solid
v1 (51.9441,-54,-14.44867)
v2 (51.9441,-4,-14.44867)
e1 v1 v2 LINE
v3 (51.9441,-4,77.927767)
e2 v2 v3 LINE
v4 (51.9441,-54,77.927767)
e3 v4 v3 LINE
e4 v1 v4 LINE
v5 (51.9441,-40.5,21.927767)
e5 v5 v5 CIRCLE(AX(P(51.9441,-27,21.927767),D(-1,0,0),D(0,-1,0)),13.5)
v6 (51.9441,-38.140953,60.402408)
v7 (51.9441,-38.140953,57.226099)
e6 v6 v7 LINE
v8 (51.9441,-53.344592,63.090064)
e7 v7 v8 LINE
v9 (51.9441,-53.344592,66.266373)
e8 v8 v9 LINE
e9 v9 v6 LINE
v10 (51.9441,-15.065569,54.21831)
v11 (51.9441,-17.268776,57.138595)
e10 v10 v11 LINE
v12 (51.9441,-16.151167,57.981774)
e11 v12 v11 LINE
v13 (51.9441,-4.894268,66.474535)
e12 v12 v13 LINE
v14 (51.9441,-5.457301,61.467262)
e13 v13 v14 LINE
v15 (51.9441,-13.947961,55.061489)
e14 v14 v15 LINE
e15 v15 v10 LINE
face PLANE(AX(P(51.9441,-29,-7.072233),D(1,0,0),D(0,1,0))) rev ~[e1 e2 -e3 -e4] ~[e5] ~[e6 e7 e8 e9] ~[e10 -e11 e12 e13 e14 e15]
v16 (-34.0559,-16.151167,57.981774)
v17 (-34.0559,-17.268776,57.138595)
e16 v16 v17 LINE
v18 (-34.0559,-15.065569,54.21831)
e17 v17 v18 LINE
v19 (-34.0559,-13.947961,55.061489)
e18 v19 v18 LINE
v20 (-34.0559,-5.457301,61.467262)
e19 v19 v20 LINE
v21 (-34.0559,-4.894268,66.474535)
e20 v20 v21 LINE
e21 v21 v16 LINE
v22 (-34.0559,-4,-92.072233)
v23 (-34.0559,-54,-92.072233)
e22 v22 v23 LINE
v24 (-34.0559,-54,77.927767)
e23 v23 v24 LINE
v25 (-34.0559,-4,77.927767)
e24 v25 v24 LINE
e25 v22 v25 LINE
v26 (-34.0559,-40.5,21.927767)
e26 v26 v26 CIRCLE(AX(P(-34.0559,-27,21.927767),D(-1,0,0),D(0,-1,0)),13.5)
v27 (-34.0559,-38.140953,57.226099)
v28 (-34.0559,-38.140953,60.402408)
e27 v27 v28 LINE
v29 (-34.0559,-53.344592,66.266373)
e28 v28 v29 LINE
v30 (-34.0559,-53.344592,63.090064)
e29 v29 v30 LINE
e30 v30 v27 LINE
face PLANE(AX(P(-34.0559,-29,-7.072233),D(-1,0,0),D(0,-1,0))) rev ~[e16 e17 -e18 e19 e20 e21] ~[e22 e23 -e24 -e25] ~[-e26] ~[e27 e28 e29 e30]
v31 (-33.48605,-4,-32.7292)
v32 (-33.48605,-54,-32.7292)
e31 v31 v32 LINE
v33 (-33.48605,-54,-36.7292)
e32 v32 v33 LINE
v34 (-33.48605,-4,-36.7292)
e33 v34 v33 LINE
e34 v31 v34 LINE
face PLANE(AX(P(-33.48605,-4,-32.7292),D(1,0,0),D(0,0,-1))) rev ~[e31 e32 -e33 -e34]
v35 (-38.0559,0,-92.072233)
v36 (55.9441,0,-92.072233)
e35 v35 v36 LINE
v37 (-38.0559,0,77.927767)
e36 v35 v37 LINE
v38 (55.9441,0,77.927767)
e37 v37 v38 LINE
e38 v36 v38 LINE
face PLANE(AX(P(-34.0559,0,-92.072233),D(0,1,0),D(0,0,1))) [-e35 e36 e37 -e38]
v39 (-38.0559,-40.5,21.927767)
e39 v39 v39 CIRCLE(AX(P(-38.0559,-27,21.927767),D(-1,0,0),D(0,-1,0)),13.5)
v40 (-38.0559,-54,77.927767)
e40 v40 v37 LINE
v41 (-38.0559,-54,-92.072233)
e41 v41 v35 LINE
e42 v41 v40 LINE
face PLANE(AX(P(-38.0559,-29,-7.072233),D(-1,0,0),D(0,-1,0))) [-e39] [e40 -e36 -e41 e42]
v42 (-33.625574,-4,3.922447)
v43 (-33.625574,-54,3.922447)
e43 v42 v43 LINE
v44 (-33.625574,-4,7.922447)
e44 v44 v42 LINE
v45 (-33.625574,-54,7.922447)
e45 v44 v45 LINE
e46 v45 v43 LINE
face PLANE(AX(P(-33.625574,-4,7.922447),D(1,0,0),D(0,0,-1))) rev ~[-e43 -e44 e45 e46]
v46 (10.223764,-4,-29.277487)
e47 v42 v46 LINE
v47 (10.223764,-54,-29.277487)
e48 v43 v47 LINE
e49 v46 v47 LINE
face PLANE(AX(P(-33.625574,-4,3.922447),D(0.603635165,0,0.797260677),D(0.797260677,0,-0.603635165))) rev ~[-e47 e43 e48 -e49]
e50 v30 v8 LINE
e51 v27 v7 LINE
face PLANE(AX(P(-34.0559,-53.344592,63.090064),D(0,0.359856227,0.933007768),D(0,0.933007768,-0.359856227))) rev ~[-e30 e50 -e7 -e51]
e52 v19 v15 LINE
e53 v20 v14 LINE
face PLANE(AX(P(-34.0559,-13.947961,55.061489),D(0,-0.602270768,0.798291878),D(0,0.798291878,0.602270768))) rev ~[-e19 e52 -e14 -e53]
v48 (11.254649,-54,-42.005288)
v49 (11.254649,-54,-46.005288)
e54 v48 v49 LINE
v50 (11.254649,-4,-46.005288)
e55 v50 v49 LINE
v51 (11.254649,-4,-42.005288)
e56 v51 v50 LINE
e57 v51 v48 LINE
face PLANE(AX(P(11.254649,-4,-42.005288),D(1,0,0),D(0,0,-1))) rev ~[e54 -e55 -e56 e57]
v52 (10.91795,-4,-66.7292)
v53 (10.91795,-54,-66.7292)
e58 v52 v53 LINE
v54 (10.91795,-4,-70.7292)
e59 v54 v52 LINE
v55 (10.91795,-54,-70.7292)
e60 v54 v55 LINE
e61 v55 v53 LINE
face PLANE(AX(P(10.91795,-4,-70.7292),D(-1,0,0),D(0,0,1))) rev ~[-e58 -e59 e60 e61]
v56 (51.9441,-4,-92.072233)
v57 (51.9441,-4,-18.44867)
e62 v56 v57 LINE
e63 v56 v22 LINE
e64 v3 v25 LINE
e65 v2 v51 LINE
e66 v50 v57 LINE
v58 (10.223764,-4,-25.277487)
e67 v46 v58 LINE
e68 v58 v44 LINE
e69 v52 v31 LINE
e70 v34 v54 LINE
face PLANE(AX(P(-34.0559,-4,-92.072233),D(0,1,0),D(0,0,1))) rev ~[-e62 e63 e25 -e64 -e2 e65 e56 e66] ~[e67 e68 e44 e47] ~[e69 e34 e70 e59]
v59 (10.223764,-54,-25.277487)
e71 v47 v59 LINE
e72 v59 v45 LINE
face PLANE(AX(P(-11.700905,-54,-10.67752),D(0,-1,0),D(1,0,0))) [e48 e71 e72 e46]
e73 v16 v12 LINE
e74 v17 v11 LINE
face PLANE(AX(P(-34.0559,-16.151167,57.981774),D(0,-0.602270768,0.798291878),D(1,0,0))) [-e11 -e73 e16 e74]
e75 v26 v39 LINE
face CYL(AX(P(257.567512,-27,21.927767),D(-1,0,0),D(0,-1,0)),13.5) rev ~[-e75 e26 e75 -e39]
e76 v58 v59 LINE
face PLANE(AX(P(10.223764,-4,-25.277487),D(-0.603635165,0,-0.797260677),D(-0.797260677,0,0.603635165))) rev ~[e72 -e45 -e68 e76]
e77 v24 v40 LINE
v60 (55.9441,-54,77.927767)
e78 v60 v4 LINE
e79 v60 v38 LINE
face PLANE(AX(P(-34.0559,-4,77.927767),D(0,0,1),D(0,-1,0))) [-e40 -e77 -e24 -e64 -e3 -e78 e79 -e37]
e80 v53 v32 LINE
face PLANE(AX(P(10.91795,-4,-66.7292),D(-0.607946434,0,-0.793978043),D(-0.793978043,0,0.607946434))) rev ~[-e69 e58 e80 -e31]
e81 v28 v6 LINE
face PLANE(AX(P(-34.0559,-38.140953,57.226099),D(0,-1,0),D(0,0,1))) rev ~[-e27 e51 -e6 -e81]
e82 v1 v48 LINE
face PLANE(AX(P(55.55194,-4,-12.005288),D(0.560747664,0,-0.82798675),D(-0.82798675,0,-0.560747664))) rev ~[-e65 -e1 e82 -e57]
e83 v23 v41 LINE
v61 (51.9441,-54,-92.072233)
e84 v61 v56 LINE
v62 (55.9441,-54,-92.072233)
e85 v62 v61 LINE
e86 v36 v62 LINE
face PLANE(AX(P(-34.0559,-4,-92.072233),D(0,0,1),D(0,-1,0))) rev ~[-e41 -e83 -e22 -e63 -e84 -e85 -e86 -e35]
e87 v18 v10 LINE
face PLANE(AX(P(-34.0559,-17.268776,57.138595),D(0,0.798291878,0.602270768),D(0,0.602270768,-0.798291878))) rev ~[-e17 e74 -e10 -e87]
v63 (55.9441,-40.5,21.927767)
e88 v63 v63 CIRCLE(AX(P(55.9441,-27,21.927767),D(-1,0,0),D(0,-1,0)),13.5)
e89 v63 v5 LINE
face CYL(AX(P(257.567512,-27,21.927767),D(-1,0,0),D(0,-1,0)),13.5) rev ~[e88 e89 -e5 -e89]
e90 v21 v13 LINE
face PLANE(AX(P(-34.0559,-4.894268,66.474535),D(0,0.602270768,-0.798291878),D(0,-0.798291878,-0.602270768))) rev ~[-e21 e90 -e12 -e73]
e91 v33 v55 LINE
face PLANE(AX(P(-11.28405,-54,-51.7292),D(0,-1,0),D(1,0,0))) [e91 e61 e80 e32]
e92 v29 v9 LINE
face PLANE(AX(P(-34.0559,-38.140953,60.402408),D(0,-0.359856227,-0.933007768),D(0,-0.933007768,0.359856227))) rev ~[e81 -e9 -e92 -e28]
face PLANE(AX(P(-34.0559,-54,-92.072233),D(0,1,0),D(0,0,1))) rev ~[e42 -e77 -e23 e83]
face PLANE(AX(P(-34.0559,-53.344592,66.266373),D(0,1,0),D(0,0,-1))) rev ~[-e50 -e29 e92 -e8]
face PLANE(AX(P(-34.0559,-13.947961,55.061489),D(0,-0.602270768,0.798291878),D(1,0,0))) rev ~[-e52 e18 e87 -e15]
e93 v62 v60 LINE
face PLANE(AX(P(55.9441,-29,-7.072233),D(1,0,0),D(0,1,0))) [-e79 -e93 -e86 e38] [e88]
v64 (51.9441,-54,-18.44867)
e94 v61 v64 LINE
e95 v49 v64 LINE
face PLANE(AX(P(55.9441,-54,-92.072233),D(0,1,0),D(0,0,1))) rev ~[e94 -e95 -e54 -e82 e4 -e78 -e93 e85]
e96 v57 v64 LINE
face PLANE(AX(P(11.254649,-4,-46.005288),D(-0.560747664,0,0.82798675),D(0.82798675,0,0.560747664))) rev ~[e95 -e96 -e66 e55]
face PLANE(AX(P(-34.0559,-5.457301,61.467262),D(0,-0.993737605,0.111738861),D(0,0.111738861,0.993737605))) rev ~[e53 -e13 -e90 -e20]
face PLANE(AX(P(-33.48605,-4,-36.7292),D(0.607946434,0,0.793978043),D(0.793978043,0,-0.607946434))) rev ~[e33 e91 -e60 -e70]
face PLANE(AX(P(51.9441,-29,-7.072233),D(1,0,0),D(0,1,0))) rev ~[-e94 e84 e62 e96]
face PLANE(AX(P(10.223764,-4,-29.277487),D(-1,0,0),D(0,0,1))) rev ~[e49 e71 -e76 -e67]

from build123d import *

# Parameters (mm, degrees)
F0_W      = 90
F0_H      = 170
F1_DEPTH  = 4
F2_W      = 50
F2_H      = 170
F3_DEPTH  = 4
F4_W      = 50
F4_H      = 170
F5_DEPTH  = 4
F6_DEPTH  = 4
F9_D      = 27
F13_DEPTH = 88.2
F15_DEPTH = 87.7
F16_DEPTH = 1.4
F21_DEPTH = 50
F23_DEPTH = 50
F25_DEPTH = 50


with BuildPart() as f1:
    # F0 (on Front) → F1 (new body)
    with BuildSketch(Plane.XZ):
        with Locations((10.9441001713, -7.0722334087)):
            Rectangle(F0_W, F0_H)
    extrude(amount=F1_DEPTH)

    # F2 (on face) → F3 (join)
    with BuildSketch(Plane.YZ.offset(55.9441001713)):
        with Locations((-29, -7.0722334087)):
            Rectangle(F2_W, F2_H)
    extrude(amount=-F3_DEPTH)


with BuildPart() as f5:
    # F4 (on face) → F5 (new body)
    with BuildSketch(Plane(origin=(-34.0558998287, 0, 0), x_dir=(0, -1, 0), z_dir=(-1, 0, 0))):
        with Locations((29, -7.0722334087)):
            Rectangle(F4_W, F4_H)
    extrude(amount=F5_DEPTH)


with BuildPart() as f6:
    # F6 (new): a face of the model
    f6_faces = [f5.part.faces().sort_by_distance(p)[0] for p in [
        (-36.0558998287, -4, -7.0722334087),
    ]]
    extrude(f6_faces, amount=F6_DEPTH)


with BuildPart() as f1_1:
    add(f1.part)

    # F7: union F6, F5
    add(f6.part)
    add(f5.part)

    # F9 (through all)
    with Locations(Plane.YZ.offset(55.9441001713)):
        with Locations((-27, 21.9277665913)):
            Hole(F9_D / 2)

    # F12 (on face) → F13 (join)
    with BuildSketch(Plane.YZ.offset(-34.0558998287)):
        Polygon((-38.1409525871, 60.4024082422), (-53.344592452, 66.2663727999), (-53.344592452, 63.0900636315), (-38.1409525871, 57.2260990739), align=None)
    extrude(amount=F13_DEPTH)

    # F14 (on face) → F15 (join)
    with BuildSketch(Plane.YZ.offset(-34.0558998287)):
        Polygon((-5.4573006312, 61.4672620258), (-4.8942677677, 66.4745345712), (-16.1511674523, 57.9817742109), (-13.9479605441, 55.0614893921), align=None)
    extrude(amount=F15_DEPTH)

    # F16 (add): a face of the model
    f16_faces = [f1_1.faces().sort_by_distance(p)[0] for p in [
        (8.9441001713, -15.0495639982, 56.5216318015),
    ]]
    extrude(f16_faces, amount=F16_DEPTH)

    # F20 (on face) → F21 (join)
    with BuildSketch(Plane.XZ.offset(4)):
        Polygon((10.2237635952, -25.2774868811), (-33.625573637, 7.9224472197), (-33.625573637, 3.9224472197), (10.2237635952, -29.2774868811), align=None)
    extrude(amount=F21_DEPTH)

    # F22 (on face) → F23 (join)
    with BuildSketch(Plane.XZ.offset(4)):
        Polygon((55.5519397916, -16.0052882843), (55.5519397916, -12.0052882843), (11.254648678, -42.0052882843), (11.254648678, -46.0052882843), align=None)
    extrude(amount=F23_DEPTH)

    # F24 (on face) → F25 (join)
    with BuildSketch(Plane.XZ.offset(4)):
        Polygon((5.6939503777, -62.7291997522), (-33.4860496223, -32.7291997522), (-33.4860496223, -36.7291997522), (5.6939503777, -66.7291997522), (10.9179503777, -70.7291997522), (10.9179503777, -66.7291997522), align=None)
    extrude(amount=F25_DEPTH)


solid = f1_1.part
